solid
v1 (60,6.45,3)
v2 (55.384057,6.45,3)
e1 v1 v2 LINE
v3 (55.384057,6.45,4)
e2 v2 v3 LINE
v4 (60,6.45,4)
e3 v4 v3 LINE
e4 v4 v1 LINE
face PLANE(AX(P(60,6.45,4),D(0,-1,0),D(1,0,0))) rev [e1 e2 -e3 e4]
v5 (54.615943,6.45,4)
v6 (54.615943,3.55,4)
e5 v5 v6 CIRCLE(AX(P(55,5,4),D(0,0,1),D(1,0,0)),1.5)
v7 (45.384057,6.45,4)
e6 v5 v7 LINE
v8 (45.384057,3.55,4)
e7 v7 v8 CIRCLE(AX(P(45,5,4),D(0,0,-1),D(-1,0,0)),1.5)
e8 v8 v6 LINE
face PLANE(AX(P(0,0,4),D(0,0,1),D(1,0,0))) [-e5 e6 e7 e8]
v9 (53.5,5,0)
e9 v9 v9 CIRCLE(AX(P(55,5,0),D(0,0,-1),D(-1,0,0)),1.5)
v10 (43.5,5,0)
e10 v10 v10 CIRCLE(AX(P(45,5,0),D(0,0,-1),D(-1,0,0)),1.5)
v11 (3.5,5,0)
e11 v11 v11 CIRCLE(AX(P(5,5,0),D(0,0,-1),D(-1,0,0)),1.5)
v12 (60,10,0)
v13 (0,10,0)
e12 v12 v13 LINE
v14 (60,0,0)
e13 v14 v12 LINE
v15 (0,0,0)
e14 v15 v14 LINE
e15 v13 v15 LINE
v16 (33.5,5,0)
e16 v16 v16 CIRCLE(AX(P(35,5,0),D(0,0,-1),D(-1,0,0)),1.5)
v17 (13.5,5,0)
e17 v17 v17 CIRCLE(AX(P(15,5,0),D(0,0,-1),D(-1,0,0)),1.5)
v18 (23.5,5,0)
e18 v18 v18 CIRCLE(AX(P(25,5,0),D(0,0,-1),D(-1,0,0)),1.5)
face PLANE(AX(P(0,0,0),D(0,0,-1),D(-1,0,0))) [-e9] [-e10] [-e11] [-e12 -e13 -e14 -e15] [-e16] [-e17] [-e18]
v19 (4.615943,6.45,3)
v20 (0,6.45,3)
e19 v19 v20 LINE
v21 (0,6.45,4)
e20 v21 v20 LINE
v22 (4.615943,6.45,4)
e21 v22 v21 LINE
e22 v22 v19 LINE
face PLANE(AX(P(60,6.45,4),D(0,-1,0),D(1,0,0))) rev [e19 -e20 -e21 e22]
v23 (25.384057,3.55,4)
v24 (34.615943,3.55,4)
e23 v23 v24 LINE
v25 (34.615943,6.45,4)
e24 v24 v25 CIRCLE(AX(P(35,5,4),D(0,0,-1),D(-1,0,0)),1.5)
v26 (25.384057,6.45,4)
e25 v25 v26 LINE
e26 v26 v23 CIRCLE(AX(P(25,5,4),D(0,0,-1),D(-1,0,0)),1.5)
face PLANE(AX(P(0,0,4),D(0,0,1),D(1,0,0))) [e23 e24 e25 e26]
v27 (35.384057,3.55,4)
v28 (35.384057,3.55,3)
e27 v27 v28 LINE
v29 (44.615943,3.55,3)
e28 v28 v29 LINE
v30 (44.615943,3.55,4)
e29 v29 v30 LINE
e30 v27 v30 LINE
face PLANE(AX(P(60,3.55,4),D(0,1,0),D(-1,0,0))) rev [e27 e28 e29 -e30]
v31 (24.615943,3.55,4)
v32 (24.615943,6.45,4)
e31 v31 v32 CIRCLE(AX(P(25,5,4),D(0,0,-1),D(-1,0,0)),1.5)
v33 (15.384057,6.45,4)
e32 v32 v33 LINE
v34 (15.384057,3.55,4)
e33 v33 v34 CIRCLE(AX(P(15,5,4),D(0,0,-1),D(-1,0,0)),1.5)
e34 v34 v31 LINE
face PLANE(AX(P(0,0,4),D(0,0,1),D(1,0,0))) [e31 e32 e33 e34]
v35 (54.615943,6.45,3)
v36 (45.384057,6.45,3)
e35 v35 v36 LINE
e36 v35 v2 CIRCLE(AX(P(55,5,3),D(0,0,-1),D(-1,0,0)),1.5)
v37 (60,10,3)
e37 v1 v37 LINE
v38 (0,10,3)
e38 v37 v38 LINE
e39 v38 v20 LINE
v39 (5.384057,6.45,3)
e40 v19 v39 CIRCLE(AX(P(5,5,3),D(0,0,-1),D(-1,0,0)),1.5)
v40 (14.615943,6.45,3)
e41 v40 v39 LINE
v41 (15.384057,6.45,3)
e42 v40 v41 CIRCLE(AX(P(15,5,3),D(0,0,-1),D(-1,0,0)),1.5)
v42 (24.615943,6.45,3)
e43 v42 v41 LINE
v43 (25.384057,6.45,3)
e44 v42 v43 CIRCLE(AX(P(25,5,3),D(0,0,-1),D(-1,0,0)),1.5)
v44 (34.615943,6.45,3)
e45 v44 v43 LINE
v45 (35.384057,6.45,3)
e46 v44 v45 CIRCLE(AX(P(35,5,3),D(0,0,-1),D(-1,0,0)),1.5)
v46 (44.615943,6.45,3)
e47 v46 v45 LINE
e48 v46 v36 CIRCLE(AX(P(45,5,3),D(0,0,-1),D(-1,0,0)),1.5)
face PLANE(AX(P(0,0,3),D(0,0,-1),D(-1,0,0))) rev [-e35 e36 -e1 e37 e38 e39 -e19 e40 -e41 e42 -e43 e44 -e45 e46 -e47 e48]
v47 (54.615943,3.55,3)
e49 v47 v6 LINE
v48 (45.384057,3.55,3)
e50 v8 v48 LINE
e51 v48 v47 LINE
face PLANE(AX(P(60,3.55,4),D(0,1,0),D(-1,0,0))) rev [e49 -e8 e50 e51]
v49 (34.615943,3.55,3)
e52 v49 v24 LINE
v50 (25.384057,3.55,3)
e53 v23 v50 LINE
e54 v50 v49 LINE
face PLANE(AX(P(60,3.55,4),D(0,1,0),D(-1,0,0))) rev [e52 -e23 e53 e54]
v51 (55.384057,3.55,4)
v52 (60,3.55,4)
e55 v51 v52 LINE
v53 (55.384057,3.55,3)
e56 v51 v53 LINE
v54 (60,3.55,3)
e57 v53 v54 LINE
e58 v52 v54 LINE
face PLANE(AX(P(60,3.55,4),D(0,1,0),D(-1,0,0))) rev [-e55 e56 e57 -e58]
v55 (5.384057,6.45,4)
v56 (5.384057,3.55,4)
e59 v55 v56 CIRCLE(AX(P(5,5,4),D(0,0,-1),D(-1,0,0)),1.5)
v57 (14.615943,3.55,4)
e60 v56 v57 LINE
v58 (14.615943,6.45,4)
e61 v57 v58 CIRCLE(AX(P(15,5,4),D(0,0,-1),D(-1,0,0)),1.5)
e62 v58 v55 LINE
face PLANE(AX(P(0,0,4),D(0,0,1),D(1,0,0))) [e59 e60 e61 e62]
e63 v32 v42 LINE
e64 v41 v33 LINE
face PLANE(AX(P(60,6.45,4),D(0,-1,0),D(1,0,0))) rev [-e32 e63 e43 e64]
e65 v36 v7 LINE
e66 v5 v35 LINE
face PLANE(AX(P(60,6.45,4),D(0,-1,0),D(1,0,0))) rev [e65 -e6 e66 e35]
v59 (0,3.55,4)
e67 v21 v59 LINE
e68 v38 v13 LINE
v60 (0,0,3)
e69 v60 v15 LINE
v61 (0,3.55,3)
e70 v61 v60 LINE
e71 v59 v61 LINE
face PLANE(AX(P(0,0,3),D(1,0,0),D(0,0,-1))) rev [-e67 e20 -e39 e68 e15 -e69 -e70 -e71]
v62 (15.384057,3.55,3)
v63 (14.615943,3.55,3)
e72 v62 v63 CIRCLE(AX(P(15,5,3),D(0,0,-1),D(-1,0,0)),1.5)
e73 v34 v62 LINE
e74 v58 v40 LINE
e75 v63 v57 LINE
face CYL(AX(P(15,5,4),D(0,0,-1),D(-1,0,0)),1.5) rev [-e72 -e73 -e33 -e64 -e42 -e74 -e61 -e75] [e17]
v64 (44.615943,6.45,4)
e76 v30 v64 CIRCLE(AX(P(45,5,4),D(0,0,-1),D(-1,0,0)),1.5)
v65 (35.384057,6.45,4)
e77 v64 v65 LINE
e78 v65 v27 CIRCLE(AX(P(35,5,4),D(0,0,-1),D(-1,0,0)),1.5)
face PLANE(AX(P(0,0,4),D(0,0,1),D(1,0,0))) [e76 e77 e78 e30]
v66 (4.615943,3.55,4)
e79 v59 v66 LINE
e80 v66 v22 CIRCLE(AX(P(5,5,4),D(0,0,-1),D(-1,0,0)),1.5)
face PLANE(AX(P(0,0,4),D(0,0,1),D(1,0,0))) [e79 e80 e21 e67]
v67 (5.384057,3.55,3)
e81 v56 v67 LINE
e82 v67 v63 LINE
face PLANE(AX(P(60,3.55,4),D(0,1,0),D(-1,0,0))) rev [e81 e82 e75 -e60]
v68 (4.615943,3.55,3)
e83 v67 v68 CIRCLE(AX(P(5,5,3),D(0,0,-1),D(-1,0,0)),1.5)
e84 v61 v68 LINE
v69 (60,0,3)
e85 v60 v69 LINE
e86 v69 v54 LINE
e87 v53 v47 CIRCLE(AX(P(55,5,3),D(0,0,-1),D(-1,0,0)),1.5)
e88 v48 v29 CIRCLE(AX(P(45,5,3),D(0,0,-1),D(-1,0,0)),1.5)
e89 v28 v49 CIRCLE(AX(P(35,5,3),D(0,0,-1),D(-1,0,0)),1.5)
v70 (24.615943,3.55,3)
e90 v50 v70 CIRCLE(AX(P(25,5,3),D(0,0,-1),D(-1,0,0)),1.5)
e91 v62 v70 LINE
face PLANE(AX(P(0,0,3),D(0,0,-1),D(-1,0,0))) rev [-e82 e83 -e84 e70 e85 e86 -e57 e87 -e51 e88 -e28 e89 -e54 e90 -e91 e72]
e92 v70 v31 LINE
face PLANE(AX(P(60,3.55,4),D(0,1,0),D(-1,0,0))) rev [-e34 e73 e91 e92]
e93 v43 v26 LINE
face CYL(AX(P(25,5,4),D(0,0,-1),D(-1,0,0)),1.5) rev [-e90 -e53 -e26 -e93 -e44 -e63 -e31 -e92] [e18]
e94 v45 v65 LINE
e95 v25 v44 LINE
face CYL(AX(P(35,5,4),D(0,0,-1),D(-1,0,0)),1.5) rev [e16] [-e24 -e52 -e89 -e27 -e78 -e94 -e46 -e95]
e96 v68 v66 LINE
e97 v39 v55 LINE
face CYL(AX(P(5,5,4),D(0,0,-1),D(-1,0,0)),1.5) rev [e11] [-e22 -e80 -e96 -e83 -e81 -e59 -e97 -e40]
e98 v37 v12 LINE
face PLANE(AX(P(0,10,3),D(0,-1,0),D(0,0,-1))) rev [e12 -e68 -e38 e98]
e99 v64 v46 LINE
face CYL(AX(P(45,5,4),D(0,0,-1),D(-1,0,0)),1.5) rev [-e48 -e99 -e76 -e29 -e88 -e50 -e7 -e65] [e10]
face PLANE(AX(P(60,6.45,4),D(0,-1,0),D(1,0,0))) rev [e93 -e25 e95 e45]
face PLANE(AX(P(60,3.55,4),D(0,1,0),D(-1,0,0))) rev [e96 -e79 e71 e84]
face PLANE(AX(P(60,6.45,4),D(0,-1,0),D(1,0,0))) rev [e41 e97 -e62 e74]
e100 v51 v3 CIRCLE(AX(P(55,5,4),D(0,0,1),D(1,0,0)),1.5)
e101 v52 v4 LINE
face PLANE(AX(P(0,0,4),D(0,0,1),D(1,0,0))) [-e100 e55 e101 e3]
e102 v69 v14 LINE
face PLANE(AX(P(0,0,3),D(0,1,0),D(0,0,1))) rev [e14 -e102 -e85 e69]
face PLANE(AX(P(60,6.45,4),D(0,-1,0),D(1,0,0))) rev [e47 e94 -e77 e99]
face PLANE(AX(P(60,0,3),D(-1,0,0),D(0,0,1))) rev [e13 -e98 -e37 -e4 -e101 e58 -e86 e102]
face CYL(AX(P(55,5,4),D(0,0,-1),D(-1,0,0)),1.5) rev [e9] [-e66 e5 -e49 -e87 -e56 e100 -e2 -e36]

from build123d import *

# Parameters (mm, degrees)
ESQUISSE1_W                = 60
ESQUISSE1_H                = 10
BOSS_EXTRU_1_DEPTH         = 3
ESQUISSE2_W                = 60
ESQUISSE2_H                = 2.9
BOSS_EXTRU_2_DEPTH         = 1
ESQUISSE3_R                = 1.5
ENL_V_MAT_EXTRU_1_DEPTH    = 5
R_P_TITION_LIN_AIRE1_COUNT = 6
R_P_TITION_LIN_AIRE1_PITCH = 10


with BuildPart() as part:
    # Esquisse1 → Boss.-Extru.1 (new body)
    with BuildSketch(Plane.XY):
        with Locations((30, 5)):
            Rectangle(ESQUISSE1_W, ESQUISSE1_H)
    extrude(amount=BOSS_EXTRU_1_DEPTH)

    # Esquisse2 → Boss.-Extru.2 (add)
    with BuildSketch(Plane.XY.offset(3)):
        with Locations((30, 5)):
            Rectangle(ESQUISSE2_W, ESQUISSE2_H)
    extrude(amount=BOSS_EXTRU_2_DEPTH)

    # Esquisse3 → Enlèv. mat.-Extru.1 (cut, through all)
    with BuildSketch(Plane(origin=(0, 0, 0), x_dir=(-1, 0, 0), z_dir=(0, 0, -1))):
        with Locations((-55, 5)):
            Circle(ESQUISSE3_R)
    enl_v_mat_extru_1 = extrude(amount=-ENL_V_MAT_EXTRU_1_DEPTH, mode=Mode.SUBTRACT)

    # Répétition linéaire1: Enlèv. mat.-Extru.1 ×6
    with Locations(*[(-i * R_P_TITION_LIN_AIRE1_PITCH, 0, 0) for i in range(1, R_P_TITION_LIN_AIRE1_COUNT)]):
        add(enl_v_mat_extru_1, mode=Mode.SUBTRACT)


solid = part.part
